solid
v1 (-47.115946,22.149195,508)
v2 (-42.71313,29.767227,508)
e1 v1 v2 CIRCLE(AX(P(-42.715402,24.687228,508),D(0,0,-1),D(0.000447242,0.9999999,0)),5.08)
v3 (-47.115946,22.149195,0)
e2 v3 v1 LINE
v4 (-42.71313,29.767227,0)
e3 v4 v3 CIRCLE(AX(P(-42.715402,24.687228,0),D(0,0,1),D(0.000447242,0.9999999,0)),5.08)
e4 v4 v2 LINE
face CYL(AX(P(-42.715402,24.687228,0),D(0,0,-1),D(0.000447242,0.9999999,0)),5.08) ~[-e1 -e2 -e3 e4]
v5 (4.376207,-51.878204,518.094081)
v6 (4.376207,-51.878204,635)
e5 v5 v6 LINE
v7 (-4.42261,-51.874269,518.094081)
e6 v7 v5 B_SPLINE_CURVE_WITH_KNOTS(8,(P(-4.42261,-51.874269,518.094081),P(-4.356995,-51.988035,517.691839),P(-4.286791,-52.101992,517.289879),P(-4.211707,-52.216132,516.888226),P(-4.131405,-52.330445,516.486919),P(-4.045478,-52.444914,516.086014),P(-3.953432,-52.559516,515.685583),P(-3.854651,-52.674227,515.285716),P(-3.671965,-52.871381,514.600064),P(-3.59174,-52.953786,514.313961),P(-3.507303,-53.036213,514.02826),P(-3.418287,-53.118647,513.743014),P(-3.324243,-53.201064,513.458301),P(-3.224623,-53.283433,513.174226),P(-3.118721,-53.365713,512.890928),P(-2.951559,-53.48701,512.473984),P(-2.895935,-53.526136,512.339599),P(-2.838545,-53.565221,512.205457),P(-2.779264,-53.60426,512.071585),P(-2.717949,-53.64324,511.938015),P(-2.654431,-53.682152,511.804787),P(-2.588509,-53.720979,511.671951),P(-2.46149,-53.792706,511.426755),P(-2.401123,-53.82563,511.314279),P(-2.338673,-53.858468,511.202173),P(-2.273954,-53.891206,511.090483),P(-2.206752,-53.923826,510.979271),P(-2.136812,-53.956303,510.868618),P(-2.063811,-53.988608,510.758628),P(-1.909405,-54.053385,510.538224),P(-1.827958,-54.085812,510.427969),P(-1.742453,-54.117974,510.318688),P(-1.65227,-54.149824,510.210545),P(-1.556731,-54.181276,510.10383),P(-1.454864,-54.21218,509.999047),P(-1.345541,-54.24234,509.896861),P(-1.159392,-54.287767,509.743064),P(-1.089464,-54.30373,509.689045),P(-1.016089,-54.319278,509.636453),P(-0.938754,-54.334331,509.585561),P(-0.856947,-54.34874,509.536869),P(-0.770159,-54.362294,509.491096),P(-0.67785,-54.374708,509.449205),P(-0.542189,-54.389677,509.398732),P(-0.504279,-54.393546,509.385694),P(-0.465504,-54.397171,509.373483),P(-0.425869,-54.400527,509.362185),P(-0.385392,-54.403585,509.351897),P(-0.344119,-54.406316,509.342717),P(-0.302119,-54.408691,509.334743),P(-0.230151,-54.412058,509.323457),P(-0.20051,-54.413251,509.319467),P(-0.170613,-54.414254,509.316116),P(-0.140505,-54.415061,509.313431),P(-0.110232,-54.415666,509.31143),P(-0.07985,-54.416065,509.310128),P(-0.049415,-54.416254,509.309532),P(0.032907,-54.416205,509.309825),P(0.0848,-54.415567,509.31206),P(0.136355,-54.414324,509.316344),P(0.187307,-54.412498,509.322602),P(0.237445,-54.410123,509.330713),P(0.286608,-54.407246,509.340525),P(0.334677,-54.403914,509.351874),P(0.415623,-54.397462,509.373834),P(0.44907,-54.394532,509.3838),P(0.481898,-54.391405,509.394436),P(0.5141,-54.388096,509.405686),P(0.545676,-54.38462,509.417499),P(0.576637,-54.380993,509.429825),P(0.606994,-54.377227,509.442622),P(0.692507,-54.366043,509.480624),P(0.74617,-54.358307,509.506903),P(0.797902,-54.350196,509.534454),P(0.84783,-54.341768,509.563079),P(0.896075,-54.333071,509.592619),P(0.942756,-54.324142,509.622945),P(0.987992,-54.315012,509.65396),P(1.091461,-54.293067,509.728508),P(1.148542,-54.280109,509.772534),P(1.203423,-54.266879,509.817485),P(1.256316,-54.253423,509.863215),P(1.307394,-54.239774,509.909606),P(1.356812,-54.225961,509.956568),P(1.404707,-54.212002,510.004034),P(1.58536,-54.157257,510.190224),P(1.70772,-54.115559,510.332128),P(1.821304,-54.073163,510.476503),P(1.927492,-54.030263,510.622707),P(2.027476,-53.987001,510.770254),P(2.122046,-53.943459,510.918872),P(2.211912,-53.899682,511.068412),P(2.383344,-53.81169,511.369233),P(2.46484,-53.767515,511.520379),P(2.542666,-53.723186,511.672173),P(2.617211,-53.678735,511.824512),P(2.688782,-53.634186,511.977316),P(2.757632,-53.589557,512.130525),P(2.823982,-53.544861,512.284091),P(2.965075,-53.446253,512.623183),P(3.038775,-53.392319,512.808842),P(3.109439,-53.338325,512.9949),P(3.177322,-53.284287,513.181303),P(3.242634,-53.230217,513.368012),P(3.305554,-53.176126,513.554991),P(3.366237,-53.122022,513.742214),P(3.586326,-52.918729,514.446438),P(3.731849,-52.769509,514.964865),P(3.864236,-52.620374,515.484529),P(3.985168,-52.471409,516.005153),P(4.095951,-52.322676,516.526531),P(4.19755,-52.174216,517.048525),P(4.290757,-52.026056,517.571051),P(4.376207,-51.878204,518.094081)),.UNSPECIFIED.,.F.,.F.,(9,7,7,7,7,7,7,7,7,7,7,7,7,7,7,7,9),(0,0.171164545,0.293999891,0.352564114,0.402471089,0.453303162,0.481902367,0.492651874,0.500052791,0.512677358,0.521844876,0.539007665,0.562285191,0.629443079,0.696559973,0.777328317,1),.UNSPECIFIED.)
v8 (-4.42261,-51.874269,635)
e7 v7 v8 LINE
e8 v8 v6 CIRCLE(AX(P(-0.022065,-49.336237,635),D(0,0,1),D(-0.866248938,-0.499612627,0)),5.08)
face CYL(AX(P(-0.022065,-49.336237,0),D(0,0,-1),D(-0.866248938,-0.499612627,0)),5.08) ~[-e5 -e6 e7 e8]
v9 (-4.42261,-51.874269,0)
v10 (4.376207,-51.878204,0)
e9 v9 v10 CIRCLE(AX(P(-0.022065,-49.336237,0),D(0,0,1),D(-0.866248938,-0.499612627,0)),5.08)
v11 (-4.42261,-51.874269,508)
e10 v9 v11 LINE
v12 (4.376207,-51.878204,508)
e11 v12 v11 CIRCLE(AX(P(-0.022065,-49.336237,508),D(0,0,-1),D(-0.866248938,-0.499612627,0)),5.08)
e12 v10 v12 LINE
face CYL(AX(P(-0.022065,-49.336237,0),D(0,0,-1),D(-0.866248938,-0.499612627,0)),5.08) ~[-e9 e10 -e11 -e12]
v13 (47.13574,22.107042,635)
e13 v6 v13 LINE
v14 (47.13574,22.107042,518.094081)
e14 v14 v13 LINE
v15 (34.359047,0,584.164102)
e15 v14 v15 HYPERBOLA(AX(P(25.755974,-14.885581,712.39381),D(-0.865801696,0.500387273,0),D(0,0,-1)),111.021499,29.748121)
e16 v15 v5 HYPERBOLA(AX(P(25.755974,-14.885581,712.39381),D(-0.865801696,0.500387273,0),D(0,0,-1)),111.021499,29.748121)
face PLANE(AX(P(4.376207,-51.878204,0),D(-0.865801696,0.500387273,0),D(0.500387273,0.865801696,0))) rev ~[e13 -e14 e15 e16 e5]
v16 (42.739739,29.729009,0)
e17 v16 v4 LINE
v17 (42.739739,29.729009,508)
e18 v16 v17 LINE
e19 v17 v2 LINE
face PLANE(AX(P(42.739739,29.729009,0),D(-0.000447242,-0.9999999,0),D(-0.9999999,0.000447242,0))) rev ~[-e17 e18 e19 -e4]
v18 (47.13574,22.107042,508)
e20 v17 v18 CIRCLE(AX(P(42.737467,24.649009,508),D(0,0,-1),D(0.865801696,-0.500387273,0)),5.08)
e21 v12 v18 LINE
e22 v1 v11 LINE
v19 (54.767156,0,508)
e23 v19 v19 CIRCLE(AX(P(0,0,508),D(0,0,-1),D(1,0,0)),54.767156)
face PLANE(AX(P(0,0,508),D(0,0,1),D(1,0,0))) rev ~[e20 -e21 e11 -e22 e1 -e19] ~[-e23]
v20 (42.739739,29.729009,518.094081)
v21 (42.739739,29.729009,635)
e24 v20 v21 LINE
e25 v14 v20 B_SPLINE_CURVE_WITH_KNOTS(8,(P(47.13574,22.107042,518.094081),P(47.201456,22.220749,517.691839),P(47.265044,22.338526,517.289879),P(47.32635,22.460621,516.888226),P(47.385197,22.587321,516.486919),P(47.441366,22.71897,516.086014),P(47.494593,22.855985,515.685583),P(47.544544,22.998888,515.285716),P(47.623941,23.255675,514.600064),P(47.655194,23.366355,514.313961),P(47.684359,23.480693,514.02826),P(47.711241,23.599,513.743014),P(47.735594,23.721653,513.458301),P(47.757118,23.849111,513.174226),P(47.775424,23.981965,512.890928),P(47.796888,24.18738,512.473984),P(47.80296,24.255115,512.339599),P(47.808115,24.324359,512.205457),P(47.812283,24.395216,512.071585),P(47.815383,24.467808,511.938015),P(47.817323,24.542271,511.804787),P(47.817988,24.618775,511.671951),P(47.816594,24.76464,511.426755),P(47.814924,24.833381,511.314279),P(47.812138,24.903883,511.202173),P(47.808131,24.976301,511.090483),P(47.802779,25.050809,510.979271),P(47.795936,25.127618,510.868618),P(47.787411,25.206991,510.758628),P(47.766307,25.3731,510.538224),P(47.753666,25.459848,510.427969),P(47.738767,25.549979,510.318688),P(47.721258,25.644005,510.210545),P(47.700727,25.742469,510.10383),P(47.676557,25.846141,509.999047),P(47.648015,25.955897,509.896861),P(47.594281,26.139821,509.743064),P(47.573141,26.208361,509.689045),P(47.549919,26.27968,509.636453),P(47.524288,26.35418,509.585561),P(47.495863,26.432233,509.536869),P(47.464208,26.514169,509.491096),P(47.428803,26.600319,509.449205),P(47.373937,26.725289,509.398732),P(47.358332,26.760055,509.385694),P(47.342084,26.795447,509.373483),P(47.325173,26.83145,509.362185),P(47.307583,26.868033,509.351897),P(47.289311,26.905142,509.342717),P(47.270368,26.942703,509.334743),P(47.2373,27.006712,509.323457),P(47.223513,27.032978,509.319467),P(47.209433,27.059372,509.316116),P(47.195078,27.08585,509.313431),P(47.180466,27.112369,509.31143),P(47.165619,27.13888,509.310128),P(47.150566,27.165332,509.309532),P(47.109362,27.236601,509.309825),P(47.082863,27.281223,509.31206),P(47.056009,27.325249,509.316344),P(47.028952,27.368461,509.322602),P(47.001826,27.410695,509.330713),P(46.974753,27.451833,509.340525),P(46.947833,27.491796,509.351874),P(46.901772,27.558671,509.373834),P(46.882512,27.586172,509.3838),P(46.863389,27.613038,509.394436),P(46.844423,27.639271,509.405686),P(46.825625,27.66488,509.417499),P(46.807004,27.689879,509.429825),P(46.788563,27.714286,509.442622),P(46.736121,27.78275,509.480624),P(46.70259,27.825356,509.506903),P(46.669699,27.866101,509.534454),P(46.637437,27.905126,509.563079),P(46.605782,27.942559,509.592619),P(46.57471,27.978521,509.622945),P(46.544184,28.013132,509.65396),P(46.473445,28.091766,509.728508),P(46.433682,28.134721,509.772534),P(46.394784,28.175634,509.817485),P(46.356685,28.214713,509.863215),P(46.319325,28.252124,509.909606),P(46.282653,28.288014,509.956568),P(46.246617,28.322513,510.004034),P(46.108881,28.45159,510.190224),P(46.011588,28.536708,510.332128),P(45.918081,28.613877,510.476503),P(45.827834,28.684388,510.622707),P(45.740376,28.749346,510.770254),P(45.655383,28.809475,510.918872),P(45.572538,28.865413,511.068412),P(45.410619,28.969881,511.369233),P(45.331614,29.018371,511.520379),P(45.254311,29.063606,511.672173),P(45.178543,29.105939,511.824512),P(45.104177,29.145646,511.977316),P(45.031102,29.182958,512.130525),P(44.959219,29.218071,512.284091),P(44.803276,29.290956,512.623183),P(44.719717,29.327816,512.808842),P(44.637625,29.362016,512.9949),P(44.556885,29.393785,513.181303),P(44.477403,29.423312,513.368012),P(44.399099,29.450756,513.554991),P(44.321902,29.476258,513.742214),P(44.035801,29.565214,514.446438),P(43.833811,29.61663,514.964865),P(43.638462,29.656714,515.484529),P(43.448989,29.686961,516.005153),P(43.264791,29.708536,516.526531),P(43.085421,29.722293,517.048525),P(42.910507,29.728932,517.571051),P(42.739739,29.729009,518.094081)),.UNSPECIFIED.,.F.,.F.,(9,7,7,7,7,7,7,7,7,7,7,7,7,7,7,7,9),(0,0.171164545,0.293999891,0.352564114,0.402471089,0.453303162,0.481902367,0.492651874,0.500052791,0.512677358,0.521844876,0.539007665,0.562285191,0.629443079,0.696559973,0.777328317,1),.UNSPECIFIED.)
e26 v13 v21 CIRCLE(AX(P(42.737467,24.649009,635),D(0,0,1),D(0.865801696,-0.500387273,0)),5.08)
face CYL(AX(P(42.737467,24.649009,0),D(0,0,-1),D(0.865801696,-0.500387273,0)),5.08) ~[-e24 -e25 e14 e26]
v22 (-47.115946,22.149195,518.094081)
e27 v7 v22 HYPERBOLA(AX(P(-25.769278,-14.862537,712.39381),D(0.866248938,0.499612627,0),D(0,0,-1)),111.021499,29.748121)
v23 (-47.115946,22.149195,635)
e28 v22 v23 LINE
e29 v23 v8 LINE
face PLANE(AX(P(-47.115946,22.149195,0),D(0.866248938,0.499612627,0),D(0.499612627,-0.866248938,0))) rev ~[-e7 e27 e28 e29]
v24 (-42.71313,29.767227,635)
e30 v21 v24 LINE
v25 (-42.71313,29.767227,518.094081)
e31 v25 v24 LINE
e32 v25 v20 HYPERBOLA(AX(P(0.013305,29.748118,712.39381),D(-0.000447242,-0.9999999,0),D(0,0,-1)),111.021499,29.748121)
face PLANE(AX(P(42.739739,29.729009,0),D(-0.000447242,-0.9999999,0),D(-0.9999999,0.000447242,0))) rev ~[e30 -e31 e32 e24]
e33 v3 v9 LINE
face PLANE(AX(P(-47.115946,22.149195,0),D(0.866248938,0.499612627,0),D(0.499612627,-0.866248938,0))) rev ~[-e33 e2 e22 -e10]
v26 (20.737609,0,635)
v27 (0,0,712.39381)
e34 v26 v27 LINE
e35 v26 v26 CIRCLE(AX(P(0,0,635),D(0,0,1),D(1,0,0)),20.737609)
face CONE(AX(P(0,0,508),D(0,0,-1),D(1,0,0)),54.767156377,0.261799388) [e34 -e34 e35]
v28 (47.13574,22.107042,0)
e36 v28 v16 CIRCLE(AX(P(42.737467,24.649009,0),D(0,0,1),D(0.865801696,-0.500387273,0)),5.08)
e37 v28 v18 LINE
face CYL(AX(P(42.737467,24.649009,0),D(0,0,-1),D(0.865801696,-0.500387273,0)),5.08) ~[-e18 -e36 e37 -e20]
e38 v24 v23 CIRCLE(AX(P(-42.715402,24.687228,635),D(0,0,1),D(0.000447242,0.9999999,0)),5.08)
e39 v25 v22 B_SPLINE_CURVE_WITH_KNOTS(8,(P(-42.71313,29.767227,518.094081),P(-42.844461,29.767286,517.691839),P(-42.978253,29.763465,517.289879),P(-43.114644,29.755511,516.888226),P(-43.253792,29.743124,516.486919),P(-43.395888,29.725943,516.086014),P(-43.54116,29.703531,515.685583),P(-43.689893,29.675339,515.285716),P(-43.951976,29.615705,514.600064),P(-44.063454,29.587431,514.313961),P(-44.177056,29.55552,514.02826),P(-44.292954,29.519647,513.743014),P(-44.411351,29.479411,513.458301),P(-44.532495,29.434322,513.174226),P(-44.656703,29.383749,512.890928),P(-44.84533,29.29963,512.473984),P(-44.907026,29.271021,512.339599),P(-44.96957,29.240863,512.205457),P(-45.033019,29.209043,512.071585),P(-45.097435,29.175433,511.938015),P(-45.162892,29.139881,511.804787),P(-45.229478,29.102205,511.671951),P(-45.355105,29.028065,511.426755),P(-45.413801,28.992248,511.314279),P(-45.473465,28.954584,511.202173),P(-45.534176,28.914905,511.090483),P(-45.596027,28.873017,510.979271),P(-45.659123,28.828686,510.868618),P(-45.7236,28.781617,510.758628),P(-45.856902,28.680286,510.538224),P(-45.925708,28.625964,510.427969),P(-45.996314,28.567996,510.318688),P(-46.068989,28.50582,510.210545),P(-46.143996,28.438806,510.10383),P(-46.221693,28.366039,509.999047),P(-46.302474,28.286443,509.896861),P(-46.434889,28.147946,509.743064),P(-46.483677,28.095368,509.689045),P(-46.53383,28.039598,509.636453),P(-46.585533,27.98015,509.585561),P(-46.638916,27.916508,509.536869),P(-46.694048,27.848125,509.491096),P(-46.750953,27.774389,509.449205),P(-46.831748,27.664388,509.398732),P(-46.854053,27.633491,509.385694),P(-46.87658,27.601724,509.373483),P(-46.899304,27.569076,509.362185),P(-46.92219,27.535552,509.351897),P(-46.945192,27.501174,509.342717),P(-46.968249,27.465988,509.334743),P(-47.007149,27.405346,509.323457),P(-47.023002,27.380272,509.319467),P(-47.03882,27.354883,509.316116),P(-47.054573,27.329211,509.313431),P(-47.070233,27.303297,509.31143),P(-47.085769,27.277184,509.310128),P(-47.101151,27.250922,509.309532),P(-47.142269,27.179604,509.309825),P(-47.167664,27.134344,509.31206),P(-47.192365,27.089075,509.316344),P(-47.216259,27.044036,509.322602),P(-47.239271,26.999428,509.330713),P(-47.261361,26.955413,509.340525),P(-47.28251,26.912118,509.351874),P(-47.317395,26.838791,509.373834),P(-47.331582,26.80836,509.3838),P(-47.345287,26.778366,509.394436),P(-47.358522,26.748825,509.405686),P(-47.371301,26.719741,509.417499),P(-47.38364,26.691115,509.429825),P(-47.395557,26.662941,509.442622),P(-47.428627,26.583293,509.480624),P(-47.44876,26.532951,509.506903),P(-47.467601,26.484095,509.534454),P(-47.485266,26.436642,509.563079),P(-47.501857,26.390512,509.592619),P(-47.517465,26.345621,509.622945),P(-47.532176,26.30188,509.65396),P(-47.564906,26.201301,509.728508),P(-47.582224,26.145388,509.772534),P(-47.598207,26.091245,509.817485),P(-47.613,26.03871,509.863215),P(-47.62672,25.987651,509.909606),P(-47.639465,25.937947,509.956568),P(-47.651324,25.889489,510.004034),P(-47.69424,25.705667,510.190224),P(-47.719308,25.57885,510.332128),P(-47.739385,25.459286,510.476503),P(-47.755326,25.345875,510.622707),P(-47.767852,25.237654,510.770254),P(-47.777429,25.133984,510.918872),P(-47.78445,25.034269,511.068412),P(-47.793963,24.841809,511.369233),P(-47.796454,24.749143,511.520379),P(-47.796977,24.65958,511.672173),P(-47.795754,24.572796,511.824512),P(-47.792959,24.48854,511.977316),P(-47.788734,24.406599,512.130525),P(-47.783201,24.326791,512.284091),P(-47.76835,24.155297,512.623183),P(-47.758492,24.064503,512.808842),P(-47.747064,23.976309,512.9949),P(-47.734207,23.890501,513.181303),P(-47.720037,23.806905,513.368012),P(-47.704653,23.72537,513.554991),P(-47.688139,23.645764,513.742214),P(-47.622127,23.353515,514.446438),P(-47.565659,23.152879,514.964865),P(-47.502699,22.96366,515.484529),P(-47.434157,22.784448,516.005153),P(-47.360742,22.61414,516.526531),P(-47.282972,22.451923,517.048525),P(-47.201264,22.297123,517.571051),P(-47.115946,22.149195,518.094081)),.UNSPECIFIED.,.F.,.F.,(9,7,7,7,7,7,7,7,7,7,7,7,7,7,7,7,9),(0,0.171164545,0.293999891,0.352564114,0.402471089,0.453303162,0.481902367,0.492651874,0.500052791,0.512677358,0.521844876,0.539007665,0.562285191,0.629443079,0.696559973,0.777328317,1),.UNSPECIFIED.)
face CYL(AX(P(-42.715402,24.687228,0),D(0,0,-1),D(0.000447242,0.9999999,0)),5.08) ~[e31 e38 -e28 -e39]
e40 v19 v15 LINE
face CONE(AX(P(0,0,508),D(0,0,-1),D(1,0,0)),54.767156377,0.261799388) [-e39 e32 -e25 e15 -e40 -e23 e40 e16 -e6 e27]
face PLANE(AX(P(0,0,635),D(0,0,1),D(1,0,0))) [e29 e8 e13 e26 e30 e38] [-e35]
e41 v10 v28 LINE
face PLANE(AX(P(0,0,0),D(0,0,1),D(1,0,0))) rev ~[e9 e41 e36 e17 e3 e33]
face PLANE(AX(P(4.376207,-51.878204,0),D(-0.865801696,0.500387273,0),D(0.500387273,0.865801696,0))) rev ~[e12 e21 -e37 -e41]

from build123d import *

# Parameters (mm, degrees)
F1_DEPTH = 635
F3_R     = 54.7671563766
F4_DEPTH = 508
F4_TAPER = 15


with BuildPart() as f1:
    # F0 (on Top) → F1 (new body)
    with BuildSketch(Plane.XY):
        with BuildLine():
            Line((4.3762073668, -51.8782042192), (47.1357396988, 22.1070420222))
            ThreePointArc((47.1357396988, 22.1070420222), (47.1380116892, 27.1870415141), (42.7397390731, 29.7290088615))
            Line((42.7397390731, 29.7290088615), (-42.7131298431, 29.7672269942))
            ThreePointArc((-42.7131298431, 29.7672269942), (-47.1136744495, 27.2291948497), (-47.1159464399, 22.1491953577))
            Line((-47.1159464399, 22.1491953577), (-4.4226098557, -51.8742690164))
            ThreePointArc((-4.4226098557, -51.8742690164), (-0.0243372396, -54.4162363638), (4.3762073668, -51.8782042192))
        make_face()
    extrude(amount=F1_DEPTH)

    # F3 (on offset) → F4 (join)
    with BuildSketch(Plane.XY.offset(508)):
        Circle(F3_R)
    extrude(amount=F4_DEPTH, taper=F4_TAPER)


solid = f1.part
